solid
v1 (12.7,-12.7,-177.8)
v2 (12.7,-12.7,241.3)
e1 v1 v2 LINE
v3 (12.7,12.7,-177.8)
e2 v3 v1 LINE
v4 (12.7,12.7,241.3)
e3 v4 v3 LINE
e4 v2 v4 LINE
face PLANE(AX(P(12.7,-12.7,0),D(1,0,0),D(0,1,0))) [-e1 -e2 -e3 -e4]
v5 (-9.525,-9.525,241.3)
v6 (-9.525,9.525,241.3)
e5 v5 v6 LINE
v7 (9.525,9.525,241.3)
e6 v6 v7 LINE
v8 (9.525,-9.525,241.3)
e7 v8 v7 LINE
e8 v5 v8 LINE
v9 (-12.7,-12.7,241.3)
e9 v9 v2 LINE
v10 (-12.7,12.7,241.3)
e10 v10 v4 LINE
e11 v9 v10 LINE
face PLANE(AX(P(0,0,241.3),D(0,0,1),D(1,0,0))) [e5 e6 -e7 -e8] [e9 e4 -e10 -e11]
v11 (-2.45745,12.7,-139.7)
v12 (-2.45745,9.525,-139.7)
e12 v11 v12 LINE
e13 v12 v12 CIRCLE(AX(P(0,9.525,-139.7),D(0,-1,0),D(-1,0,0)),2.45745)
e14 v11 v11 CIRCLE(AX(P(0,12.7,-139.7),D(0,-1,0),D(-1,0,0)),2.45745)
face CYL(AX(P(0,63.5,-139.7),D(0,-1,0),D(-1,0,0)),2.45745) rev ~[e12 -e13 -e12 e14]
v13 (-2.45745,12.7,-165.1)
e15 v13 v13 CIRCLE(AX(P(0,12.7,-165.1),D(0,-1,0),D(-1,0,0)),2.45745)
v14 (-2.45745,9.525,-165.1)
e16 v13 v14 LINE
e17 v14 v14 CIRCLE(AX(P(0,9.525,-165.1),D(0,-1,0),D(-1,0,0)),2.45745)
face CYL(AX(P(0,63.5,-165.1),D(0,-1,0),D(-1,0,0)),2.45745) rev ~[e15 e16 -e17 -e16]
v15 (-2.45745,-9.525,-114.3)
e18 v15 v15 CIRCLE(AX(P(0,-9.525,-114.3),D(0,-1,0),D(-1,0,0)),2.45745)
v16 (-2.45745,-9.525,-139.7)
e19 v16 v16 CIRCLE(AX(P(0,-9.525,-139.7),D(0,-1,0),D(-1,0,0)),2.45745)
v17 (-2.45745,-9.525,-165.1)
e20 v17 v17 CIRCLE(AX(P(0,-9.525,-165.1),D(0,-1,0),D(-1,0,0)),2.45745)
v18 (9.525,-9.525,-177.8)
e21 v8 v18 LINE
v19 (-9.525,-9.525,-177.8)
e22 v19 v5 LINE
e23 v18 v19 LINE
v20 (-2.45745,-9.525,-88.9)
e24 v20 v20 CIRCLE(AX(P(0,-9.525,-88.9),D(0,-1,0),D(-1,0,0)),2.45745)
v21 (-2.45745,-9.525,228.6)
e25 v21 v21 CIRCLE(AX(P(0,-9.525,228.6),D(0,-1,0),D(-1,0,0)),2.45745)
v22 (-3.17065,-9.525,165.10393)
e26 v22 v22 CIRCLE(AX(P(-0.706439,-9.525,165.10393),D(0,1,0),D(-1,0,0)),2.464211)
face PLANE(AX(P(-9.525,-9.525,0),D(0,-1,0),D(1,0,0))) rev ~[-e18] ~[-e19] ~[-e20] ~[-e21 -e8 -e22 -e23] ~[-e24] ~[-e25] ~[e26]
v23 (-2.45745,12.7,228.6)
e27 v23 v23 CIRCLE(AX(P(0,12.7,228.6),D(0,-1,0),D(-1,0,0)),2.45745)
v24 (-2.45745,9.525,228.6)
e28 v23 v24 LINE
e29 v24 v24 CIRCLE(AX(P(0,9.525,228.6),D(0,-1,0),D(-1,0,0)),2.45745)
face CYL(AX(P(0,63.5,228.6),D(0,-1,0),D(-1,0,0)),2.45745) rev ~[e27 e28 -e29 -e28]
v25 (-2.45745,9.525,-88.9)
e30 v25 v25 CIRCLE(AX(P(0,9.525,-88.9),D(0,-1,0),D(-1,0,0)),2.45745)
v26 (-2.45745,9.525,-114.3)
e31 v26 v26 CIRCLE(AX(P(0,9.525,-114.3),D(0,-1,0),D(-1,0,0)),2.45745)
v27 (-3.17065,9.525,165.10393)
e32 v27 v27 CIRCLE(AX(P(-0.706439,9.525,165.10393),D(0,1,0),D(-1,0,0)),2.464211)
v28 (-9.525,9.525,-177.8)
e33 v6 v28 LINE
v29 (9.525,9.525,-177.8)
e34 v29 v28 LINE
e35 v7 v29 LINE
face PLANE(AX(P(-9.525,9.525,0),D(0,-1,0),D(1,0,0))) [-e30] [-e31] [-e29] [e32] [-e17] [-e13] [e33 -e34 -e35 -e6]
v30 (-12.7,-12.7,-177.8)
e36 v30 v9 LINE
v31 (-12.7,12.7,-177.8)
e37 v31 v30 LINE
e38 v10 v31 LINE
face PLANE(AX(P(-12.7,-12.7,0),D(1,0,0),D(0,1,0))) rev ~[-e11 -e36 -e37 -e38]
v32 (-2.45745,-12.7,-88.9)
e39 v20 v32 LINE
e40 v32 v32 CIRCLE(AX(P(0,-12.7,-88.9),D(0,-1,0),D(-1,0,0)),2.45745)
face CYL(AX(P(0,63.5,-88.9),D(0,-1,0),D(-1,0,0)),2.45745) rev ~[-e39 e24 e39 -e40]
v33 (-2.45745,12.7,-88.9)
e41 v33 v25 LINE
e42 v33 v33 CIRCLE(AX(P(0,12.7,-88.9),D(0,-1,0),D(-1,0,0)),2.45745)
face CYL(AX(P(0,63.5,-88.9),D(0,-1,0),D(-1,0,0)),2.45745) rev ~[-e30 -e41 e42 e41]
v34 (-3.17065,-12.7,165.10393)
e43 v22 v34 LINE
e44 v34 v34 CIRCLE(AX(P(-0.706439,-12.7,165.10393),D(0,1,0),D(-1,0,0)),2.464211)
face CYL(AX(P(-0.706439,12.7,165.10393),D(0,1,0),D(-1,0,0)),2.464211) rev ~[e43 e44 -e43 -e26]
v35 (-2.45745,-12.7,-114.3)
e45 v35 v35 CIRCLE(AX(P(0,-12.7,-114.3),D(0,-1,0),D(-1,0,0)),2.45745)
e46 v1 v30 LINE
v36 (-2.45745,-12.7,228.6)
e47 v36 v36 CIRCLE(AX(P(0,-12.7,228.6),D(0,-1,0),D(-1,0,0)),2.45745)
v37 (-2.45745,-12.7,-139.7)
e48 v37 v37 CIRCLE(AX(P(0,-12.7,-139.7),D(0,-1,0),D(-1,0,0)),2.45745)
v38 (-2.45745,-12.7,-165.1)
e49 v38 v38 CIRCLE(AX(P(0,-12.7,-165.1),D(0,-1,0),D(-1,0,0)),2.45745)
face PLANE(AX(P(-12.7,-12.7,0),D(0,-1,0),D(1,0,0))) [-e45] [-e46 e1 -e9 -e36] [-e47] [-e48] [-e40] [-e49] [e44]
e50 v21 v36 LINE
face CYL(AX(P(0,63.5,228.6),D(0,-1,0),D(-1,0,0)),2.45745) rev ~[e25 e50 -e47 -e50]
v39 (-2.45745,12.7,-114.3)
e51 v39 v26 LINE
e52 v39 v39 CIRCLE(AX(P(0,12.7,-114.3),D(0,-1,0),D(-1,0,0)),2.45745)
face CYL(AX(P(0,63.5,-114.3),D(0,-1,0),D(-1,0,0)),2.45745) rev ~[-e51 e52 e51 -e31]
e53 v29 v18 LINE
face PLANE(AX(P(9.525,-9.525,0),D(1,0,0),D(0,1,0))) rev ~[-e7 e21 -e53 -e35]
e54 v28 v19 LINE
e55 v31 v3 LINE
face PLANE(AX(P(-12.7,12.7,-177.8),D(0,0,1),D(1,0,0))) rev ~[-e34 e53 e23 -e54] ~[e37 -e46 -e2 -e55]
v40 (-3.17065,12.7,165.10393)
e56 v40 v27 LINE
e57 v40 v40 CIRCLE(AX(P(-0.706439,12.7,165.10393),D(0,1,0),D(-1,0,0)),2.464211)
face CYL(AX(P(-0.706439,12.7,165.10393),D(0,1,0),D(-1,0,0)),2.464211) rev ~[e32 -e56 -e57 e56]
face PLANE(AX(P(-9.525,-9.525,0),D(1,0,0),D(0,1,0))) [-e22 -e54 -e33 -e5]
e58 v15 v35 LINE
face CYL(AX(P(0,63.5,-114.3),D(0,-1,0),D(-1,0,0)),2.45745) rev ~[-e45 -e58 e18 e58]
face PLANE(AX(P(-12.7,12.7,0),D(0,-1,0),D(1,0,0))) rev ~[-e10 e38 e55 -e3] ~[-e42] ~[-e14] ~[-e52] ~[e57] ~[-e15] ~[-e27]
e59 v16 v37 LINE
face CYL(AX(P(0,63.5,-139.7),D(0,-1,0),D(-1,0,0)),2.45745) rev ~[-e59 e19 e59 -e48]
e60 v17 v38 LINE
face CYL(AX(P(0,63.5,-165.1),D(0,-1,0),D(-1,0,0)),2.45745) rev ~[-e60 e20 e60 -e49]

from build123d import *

# Parameters (mm, degrees)
SKETCH1_W                        = 25.4
SKETCH1_H                        = 25.4
SKETCH1_W_2                      = 19.05
SKETCH1_H_2                      = 19.05
BOSS_EXTRUDE1_DEPTH              = 241.3
F_10_0_1935_DIAMETER_HOLE1_D     = 4.9149
F_10_0_1935_DIAMETER_HOLE1_DEPTH = 50.8
F_10_0_1935_DIAMETER_HOLE1_TIP   = 1.476584928
SKETCH5_R                        = 2.464210786
CUT_EXTRUDE1_DEPTH               = 243.965306165
SKETCH6_W                        = 25.4
SKETCH6_H                        = 63.5
CUT_EXTRUDE2_DEPTH               = 243.965306165


with BuildPart() as part:
    # Sketch1 → Boss-Extrude1 (new, symmetric)
    with BuildSketch(Plane.XY):
        Rectangle(SKETCH1_W, SKETCH1_H)
        Rectangle(SKETCH1_W_2, SKETCH1_H_2, mode=Mode.SUBTRACT)
    extrude(amount=BOSS_EXTRUDE1_DEPTH, both=True)

    # #10 (0.1935) Diameter Hole1
    with Locations(Plane(origin=(0, 12.7, 0), x_dir=(1, 0, 0), z_dir=(0, 1, 0))):
        with Locations((0, -228.6), (0, 88.9), (0, 114.3), (0, 139.7), (0, 165.1), (0, 190.5), (0, 215.9)):
            Hole(F_10_0_1935_DIAMETER_HOLE1_D / 2, depth=F_10_0_1935_DIAMETER_HOLE1_DEPTH)
            with Locations((0, 0, -(F_10_0_1935_DIAMETER_HOLE1_DEPTH + F_10_0_1935_DIAMETER_HOLE1_TIP / 2))):  # 118° drill point
                Cone(0, F_10_0_1935_DIAMETER_HOLE1_D / 2, F_10_0_1935_DIAMETER_HOLE1_TIP, mode=Mode.SUBTRACT)

    # Sketch5 → Cut-Extrude1 (cut, through all)
    with BuildSketch(Plane(origin=(0, 12.7, 0), x_dir=(1, 0, 0), z_dir=(0, 1, 0))):
        with Locations(Location((-0.70643934, -165.103929701, 0), (0, 0, 180))):
            Circle(SKETCH5_R)
    extrude(amount=-CUT_EXTRUDE1_DEPTH, mode=Mode.SUBTRACT)

    # Sketch6 → Cut-Extrude2 (cut, through all)
    with BuildSketch(Plane(origin=(0, 12.7, 0), x_dir=(1, 0, 0), z_dir=(0, 1, 0))):
        with Locations((0, 209.55)):
            Rectangle(SKETCH6_W, SKETCH6_H)
    extrude(amount=-CUT_EXTRUDE2_DEPTH, mode=Mode.SUBTRACT)


solid = part.part
